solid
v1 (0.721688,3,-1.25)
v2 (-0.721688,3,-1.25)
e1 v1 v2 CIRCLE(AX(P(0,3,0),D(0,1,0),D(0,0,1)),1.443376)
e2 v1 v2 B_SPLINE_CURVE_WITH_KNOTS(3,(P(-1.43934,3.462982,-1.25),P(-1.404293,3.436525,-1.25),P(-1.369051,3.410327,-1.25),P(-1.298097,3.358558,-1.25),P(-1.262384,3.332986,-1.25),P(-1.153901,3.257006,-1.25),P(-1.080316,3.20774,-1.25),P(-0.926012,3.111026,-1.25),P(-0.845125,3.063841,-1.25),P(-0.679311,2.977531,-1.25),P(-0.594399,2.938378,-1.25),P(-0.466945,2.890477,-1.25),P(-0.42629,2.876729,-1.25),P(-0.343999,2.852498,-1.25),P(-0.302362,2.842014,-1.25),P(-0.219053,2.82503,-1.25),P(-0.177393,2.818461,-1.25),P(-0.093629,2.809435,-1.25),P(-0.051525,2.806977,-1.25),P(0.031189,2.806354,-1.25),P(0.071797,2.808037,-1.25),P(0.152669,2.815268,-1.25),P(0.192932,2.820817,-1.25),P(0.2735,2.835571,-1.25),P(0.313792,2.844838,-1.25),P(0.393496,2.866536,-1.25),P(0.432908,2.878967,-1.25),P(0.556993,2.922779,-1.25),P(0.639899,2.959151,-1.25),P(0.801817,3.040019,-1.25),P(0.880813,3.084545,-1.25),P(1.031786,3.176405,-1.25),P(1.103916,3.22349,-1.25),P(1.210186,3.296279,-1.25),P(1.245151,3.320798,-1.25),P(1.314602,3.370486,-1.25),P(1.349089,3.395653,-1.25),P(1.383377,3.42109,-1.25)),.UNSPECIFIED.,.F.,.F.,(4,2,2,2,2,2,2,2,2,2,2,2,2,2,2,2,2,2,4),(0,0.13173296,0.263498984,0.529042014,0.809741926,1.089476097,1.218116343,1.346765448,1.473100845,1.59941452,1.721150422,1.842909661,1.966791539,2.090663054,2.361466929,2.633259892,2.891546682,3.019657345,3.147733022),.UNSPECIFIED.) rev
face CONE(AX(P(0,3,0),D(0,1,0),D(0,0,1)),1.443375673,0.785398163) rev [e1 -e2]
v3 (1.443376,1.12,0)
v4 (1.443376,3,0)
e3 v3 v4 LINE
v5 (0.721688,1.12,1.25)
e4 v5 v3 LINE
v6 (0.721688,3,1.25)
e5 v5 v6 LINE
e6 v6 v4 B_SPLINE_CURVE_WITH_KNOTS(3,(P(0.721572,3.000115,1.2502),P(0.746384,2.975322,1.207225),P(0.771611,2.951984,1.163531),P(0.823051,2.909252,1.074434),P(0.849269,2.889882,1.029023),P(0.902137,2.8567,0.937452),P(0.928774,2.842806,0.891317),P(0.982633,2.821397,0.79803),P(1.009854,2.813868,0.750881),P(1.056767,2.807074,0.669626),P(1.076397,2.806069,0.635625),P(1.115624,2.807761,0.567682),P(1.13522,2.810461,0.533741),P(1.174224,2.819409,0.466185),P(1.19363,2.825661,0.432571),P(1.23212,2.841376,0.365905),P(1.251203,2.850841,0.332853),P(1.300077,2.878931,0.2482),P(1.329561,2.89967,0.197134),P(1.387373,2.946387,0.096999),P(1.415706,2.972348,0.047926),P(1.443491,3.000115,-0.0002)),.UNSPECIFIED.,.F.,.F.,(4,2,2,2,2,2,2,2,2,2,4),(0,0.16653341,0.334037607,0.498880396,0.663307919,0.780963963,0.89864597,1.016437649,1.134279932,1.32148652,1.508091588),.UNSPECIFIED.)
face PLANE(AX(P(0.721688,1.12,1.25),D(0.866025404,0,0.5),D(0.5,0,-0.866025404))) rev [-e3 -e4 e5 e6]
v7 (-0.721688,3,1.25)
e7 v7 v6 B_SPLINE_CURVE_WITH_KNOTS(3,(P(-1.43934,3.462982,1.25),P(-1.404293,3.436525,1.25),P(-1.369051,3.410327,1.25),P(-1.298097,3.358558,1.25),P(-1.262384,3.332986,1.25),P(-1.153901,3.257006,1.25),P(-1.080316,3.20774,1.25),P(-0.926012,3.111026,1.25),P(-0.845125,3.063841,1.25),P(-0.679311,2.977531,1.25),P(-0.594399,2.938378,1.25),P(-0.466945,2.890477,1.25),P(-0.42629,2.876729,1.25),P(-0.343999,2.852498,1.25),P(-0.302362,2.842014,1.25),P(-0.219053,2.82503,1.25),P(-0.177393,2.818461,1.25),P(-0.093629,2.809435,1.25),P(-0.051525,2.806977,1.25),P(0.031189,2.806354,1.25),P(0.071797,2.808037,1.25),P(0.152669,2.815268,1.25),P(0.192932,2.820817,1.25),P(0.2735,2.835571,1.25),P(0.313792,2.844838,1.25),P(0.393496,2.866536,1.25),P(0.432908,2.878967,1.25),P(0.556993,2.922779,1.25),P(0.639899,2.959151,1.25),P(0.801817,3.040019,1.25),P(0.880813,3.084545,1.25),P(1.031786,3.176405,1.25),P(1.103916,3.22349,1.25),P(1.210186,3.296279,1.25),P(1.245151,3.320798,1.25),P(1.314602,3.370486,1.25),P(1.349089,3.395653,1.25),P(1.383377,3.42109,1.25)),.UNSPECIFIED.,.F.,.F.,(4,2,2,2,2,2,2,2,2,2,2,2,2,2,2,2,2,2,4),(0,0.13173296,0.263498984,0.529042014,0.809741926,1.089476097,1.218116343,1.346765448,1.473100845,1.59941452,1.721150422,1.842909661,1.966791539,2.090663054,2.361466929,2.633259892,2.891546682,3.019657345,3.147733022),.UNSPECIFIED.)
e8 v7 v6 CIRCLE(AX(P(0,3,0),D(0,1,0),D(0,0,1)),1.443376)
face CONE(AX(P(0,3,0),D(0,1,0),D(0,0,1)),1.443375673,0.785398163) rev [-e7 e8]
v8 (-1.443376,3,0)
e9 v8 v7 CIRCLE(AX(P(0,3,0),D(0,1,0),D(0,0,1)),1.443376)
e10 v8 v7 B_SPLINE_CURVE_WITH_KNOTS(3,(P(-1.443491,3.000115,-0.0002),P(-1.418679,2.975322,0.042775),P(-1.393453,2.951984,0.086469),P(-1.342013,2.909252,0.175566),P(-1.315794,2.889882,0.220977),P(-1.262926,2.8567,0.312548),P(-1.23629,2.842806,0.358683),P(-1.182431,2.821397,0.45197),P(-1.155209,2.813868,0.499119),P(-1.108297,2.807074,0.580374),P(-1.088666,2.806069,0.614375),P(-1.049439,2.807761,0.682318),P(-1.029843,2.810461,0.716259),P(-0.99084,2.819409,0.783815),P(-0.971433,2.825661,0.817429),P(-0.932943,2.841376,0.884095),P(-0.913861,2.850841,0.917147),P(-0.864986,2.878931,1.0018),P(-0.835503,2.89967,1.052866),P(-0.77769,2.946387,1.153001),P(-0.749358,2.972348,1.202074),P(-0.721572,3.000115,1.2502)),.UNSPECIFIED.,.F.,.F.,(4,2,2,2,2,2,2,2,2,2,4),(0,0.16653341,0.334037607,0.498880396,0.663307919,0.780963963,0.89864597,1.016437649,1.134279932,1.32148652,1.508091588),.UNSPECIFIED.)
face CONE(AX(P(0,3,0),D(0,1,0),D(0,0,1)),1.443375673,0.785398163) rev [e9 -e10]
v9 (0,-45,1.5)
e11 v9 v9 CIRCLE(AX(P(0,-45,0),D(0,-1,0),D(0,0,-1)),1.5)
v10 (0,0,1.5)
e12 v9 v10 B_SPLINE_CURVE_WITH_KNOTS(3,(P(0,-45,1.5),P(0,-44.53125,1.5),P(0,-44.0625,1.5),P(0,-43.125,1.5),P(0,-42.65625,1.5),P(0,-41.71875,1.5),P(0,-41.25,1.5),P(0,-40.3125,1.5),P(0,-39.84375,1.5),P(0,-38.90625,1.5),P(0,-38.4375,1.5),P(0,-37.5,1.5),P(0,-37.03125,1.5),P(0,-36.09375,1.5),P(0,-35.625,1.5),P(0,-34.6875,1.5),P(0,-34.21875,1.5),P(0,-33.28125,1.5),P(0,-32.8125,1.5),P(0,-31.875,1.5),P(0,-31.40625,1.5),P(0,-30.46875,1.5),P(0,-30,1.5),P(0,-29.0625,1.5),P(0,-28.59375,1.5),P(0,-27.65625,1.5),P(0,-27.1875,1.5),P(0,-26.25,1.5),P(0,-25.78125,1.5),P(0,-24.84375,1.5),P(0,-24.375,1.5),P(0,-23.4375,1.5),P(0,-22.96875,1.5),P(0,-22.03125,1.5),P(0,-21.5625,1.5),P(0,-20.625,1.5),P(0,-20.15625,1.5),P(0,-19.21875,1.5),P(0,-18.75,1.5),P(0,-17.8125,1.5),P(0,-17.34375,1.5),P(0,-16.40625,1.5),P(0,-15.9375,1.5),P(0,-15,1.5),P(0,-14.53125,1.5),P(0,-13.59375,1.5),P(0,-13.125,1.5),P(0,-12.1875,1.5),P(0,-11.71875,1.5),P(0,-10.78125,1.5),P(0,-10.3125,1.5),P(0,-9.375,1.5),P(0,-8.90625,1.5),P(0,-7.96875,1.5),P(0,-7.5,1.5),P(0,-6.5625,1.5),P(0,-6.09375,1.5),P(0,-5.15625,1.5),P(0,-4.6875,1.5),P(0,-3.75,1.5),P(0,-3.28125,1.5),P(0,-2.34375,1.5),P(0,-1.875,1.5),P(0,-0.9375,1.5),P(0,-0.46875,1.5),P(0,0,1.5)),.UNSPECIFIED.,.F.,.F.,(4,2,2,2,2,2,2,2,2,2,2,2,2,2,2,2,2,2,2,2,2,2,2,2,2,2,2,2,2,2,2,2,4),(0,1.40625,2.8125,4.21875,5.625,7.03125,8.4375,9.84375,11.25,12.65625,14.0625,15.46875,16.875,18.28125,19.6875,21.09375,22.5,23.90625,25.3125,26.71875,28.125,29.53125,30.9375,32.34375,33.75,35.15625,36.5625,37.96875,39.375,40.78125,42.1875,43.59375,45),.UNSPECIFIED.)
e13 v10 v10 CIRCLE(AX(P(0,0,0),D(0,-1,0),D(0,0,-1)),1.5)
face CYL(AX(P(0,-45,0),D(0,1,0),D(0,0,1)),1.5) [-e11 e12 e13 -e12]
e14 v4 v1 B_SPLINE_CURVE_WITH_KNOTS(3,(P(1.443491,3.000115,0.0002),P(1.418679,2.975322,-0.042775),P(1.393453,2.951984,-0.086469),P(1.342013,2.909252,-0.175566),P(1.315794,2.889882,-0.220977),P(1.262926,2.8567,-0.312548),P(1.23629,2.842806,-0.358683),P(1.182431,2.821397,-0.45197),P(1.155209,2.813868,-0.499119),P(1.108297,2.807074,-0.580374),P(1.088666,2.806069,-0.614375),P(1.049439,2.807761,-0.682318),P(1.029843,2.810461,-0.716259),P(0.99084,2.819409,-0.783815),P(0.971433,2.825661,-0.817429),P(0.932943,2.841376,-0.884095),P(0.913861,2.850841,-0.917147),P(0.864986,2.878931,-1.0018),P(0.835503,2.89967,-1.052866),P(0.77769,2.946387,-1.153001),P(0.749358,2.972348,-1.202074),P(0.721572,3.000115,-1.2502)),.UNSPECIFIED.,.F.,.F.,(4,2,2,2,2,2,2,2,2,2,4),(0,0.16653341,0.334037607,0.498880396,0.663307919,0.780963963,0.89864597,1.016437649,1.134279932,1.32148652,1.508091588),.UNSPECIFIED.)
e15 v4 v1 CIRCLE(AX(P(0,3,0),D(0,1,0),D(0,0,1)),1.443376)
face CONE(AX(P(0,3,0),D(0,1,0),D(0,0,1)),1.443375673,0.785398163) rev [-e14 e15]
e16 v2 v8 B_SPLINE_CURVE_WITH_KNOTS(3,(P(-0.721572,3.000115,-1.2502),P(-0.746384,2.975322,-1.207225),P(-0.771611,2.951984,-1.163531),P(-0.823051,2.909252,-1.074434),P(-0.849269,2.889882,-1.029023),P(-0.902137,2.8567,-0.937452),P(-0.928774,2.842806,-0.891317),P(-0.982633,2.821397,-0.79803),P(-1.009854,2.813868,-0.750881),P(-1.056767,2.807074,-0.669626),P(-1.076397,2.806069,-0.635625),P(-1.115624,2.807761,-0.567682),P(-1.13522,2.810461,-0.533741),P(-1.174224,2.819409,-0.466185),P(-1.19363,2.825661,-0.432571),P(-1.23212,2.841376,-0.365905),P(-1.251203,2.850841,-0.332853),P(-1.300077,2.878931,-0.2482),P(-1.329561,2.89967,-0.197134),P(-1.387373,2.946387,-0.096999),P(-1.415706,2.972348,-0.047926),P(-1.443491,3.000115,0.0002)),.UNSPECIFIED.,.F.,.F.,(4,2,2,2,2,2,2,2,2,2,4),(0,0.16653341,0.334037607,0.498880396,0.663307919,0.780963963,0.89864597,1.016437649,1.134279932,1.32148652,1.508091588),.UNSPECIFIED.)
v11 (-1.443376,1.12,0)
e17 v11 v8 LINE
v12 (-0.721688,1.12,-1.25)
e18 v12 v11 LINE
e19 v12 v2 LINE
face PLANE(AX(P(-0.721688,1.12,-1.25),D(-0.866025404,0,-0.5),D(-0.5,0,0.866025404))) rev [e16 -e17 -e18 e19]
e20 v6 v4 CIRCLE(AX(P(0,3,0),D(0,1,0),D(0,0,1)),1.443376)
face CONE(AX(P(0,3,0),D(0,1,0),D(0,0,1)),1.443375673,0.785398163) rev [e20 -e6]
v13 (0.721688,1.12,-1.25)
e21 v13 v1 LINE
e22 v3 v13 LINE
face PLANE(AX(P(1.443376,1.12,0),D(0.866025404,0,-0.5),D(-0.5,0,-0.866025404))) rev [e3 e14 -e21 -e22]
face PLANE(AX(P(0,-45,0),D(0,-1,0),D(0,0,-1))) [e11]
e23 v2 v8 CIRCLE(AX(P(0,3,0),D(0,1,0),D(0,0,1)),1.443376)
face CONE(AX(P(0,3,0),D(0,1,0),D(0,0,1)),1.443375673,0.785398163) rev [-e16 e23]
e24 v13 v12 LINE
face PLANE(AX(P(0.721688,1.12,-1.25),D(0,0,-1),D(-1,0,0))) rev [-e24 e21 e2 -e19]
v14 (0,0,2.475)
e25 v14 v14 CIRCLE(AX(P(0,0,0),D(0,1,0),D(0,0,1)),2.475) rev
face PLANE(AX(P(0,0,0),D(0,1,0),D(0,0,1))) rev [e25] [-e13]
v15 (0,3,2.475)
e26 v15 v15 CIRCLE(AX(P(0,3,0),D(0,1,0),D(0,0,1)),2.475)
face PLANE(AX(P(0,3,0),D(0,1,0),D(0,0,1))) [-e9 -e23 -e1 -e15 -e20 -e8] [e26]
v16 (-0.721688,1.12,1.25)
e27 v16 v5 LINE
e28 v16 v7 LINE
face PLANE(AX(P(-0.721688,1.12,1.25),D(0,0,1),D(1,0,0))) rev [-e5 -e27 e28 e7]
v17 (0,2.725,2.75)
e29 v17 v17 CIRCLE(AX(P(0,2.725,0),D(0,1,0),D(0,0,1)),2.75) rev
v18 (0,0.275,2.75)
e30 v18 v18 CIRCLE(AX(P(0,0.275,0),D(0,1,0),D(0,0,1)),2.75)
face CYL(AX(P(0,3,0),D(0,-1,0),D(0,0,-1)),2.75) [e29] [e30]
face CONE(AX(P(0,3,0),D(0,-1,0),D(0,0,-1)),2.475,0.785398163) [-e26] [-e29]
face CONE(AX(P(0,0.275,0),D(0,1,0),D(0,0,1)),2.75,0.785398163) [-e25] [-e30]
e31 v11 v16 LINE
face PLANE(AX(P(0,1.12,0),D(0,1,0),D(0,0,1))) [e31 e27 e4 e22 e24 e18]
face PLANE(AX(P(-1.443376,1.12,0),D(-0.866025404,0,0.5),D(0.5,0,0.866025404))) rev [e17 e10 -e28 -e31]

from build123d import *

# Parameters (mm, degrees)
SKETCH1_R           = 2.75
BOSS_EXTRUDE1_DEPTH = 3
CUT_EXTRUDE1_DEPTH  = 1.88
CHAMFER1_SIZE       = 0.275
SKETCH_1_R          = 1.5
EXTRUDE_1_DEPTH     = 45


with BuildPart() as part:
    # Sketch1 → Boss-Extrude1 (new body)
    with BuildSketch(Plane(origin=(0, 0, 0), x_dir=(1, 0, 0), z_dir=(0, 1, 0))):
        with Locations(Location((0, 0, 0), (0, 0, 270))):
            Circle(SKETCH1_R)
    extrude(amount=BOSS_EXTRUDE1_DEPTH)

    # Sketch2 → Cut-Extrude1 (cut)
    with BuildSketch(Plane(origin=(0, 3, 0), x_dir=(1, 0, 0), z_dir=(0, 1, 0))):
        Polygon((0.721687836, 1.25), (-0.721687836, 1.25), (-1.443375673, 0), (-0.721687836, -1.25), (0.721687836, -1.25), (1.443375673, 0), align=None)
    extrude(amount=-CUT_EXTRUDE1_DEPTH, mode=Mode.SUBTRACT)

    # Cut-Extrude2 cone 1 section (through the dimple's axis) → Cut-Extrude2 (revolve, cut)
    with BuildSketch(Plane(origin=(0, 3, 0), x_dir=(0, 0, 1), z_dir=(1, 0, 0))):
        Polygon((0, 0), (1.443375673, 0), (0, 1.443375673), align=None)
    revolve(axis=Axis((0, 3, 0), (0, -1, 0)), mode=Mode.SUBTRACT)

    # Chamfer1
    chamfer1_edges = [part.edges().sort_by_distance(p)[0] for p in [
        (0, 0, -2.75),
        (0, 3, -2.75),
    ]]
    chamfer(chamfer1_edges, length=CHAMFER1_SIZE)

    # 草图1 → 凸台-拉伸1 (add)
    with BuildSketch(Plane(origin=(0, 0, 0), x_dir=(-1, 0, 0), z_dir=(0, -1, 0))):
        with Locations(Location((0, 0, 0), (0, 0, 270))):
            Circle(SKETCH_1_R)
    extrude(amount=EXTRUDE_1_DEPTH)


solid = part.part
